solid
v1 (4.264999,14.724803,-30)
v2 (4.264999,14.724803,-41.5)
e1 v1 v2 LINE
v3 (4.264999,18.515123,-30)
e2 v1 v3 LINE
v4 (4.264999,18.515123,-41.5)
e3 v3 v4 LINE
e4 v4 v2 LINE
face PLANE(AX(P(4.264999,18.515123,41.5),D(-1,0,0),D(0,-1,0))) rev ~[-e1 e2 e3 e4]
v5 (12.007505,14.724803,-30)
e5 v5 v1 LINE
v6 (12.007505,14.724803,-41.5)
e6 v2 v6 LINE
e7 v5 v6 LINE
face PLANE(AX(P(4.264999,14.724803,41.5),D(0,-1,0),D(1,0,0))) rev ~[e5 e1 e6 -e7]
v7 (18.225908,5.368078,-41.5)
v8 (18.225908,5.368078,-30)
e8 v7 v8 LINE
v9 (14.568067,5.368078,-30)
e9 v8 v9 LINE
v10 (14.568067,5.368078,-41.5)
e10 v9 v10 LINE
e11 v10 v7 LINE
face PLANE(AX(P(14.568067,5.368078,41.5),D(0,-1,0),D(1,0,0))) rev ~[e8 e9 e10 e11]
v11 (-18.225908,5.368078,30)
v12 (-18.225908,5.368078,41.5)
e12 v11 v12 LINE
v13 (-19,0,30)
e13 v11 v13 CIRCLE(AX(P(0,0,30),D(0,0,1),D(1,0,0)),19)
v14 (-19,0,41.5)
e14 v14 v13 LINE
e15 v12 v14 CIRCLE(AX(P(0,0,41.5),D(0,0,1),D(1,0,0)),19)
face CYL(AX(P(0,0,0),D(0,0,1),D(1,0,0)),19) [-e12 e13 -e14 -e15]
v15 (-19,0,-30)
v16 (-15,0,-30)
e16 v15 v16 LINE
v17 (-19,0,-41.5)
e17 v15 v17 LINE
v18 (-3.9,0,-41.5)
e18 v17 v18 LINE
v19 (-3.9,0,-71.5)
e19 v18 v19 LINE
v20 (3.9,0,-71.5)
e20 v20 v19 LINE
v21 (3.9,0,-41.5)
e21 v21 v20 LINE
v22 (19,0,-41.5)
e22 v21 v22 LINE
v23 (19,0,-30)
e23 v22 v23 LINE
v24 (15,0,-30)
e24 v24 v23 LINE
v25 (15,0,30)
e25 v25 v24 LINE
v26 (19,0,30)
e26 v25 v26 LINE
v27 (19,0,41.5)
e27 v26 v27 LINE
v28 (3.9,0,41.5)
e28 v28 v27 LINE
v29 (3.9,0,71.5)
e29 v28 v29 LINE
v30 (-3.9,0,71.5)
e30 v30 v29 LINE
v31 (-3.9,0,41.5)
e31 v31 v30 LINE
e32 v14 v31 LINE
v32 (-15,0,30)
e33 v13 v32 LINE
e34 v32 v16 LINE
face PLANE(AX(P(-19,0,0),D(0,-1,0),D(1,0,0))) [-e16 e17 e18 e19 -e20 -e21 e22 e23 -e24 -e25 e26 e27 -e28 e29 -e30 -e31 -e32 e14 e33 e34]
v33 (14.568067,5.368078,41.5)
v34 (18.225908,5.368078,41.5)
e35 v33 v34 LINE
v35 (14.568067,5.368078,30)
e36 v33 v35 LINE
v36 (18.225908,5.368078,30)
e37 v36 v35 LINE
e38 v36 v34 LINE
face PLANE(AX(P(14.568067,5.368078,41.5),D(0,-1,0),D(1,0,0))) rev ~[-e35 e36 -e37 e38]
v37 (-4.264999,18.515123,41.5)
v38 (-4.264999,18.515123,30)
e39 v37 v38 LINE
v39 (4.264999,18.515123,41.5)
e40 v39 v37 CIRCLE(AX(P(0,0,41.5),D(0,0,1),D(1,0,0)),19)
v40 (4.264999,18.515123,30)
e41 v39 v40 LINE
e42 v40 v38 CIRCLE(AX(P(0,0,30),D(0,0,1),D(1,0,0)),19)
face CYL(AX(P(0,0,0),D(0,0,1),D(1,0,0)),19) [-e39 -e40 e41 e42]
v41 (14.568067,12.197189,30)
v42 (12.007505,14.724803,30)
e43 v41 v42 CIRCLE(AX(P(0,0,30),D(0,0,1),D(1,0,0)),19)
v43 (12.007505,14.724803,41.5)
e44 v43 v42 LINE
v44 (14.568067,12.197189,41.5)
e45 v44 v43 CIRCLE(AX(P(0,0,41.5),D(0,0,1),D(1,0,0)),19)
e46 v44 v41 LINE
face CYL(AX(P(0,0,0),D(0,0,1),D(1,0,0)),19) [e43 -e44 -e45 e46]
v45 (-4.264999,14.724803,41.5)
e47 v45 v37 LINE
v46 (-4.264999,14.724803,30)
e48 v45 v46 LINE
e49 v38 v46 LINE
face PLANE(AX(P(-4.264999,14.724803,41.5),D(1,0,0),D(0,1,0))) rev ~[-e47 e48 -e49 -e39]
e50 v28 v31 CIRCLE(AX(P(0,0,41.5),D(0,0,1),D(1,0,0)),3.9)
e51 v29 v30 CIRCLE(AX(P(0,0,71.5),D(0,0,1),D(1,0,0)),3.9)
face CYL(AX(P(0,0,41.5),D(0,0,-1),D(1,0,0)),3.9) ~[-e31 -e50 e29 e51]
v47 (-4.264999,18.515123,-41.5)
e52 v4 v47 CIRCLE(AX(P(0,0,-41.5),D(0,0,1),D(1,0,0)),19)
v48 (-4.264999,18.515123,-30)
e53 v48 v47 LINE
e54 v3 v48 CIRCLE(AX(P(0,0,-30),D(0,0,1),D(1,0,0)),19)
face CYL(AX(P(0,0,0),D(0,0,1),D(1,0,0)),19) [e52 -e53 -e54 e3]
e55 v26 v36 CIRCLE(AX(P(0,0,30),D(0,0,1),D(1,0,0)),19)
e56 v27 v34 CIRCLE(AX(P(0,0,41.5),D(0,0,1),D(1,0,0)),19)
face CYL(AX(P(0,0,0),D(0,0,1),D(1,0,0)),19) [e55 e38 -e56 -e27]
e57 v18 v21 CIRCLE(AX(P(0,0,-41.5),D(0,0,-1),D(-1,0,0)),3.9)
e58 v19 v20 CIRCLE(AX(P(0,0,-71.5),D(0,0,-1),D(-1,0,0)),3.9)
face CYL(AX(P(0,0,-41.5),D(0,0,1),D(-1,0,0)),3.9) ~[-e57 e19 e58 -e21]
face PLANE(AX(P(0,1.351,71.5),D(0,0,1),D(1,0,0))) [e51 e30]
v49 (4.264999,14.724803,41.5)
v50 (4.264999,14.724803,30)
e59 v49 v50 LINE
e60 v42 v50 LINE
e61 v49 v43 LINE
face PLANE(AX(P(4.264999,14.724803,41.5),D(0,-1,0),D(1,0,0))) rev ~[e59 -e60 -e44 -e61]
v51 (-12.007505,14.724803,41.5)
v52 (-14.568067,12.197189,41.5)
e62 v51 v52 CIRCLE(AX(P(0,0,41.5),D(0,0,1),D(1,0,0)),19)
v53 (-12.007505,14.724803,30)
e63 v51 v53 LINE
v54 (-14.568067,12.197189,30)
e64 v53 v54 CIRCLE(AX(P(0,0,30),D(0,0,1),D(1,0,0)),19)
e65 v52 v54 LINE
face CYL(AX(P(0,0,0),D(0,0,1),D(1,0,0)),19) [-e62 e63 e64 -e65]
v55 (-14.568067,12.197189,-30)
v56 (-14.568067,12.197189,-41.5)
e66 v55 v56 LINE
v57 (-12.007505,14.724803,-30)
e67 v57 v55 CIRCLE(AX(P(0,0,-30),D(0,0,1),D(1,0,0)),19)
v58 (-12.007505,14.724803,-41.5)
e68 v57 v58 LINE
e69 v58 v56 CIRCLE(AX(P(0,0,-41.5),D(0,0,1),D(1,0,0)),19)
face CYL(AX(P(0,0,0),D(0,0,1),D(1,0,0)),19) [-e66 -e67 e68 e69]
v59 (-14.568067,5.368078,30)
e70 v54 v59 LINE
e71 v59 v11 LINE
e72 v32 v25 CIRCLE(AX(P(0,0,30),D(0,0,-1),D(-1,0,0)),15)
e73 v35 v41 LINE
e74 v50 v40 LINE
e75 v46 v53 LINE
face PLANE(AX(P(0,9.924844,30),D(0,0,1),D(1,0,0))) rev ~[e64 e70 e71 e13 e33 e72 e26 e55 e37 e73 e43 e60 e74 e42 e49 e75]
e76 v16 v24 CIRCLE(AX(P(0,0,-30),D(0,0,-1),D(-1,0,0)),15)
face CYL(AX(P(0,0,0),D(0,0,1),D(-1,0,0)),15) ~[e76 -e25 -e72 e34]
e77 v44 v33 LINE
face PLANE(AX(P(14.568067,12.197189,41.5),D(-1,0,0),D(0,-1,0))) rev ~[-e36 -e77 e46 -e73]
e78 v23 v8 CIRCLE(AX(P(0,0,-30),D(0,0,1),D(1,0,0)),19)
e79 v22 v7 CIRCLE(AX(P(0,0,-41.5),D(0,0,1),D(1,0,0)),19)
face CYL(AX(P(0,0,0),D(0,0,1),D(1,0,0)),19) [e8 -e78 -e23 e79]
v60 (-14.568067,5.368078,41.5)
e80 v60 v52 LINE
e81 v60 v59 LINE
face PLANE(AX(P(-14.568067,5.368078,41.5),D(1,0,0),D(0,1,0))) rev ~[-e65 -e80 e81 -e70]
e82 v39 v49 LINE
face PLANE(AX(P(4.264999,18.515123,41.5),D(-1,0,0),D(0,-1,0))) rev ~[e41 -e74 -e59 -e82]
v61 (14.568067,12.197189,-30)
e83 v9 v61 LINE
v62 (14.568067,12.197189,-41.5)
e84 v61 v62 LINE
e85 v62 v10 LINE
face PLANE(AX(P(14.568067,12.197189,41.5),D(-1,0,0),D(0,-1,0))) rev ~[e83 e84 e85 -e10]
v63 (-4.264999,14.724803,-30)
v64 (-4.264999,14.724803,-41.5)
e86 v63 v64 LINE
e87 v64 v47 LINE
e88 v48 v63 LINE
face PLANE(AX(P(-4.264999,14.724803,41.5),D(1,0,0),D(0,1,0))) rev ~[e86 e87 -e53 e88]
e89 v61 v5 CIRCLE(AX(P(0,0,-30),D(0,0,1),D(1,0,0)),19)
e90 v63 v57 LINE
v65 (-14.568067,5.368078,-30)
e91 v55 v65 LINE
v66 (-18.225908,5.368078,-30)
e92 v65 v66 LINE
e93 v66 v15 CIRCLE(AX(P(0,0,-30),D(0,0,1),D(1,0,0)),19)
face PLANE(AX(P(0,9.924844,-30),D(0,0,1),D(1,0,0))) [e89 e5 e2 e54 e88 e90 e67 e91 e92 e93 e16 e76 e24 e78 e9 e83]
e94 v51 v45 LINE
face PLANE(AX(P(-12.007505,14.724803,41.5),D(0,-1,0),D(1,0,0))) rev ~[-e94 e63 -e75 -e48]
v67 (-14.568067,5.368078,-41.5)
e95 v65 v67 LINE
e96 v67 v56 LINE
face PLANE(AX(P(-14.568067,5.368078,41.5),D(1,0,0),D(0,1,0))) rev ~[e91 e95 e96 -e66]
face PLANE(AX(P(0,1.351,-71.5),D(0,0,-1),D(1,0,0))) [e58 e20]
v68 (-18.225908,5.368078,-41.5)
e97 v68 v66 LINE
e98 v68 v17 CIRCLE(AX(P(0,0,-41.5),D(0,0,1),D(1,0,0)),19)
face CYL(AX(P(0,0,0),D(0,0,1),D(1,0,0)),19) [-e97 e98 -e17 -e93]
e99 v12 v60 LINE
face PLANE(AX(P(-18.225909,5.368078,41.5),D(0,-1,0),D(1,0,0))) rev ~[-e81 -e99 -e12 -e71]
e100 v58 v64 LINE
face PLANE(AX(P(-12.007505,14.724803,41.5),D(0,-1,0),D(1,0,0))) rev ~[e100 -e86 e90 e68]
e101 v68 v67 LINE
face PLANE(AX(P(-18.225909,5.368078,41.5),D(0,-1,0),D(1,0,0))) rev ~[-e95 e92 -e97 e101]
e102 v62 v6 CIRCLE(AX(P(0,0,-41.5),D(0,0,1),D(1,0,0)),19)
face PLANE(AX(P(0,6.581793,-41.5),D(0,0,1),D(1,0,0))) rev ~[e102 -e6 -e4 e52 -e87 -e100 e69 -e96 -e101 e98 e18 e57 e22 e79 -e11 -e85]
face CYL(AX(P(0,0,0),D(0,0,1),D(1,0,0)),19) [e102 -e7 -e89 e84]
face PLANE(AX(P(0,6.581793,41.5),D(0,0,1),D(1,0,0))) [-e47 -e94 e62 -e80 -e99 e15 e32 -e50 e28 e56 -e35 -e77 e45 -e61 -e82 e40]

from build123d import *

# Parameters (mm, degrees)
F1_DEPTH = 41.5
F3_DEPTH = 30
F5_DEPTH = 30
F7_DEPTH = 113.001
F9_DEPTH = 30


with BuildPart() as f1:
    # F0 (on Top) → F1 (new body, symmetric)
    with BuildSketch(Plane.XY):
        with BuildLine():
            Line((-19, 0), (19, 0))
            ThreePointArc((19, 0), (0, 19), (-19, 0))
        make_face()
    extrude(amount=F1_DEPTH, both=True)

    # F2 (on face) → F3 (join)
    with BuildSketch(Plane.XY.offset(41.5)):
        with BuildLine():
            Line((-3.9, 0), (3.9, 0))
            ThreePointArc((3.9, 0), (0, 3.9), (-3.9, 0))
        make_face()
    extrude(amount=F3_DEPTH)

    # F4 (on face) → F5 (join)
    with BuildSketch(Plane(origin=(0, 0, -41.5), x_dir=(1, 0, 0), z_dir=(0, 0, -1))):
        with BuildLine():
            Line((3.9, 0), (-3.9, 0))
            ThreePointArc((-3.9, 0), (0, -3.9), (3.9, 0))
        make_face()
    extrude(amount=F5_DEPTH)

    # F6 (on face) → F7 (cut, through all)
    with BuildSketch(Plane.XY.offset(41.5)):
        with BuildLine():
            Line((-14.568067, 5.368078), (-14.568067, 12.197189))
            ThreePointArc((-14.568067, 12.197189), (-16.748743, 8.971042), (-18.225909, 5.368078))
            Line((-18.225909, 5.368078), (-14.568067, 5.368078))
        make_face()
        with BuildLine():
            Line((-4.264999, 14.724803), (-4.264999, 18.515123))
            ThreePointArc((-4.264999, 18.515123), (-8.354055, 17.06487), (-12.007505, 14.724803))
            Line((-12.007505, 14.724803), (-4.264999, 14.724803))
        make_face()
        with BuildLine():
            ThreePointArc((12.007505, 14.724803), (8.354055, 17.06487), (4.264999, 18.515123))
            Line((4.264999, 18.515123), (4.264999, 14.724803))
            Line((4.264999, 14.724803), (12.007505, 14.724803))
        make_face()
        with BuildLine():
            ThreePointArc((18.225909, 5.368078), (16.748743, 8.971042), (14.568067, 12.197189))
            Line((14.568067, 12.197189), (14.568067, 5.368078))
            Line((14.568067, 5.368078), (18.225909, 5.368078))
        make_face()
    extrude(amount=-F7_DEPTH, mode=Mode.SUBTRACT)

    # F8 (on Top) → F9 (cut, symmetric)
    with BuildSketch(Plane.XY):
        with BuildLine():
            Line((15, 0), (22.459483, 0))
            ThreePointArc((22.459483, 0), (0, 22.459483), (-22.459483, 0))
            Line((-22.459483, 0), (-15, 0))
            ThreePointArc((-15, 0), (0, 15), (15, 0))
        make_face()
    extrude(amount=F9_DEPTH, both=True, mode=Mode.SUBTRACT)


solid = f1.part
